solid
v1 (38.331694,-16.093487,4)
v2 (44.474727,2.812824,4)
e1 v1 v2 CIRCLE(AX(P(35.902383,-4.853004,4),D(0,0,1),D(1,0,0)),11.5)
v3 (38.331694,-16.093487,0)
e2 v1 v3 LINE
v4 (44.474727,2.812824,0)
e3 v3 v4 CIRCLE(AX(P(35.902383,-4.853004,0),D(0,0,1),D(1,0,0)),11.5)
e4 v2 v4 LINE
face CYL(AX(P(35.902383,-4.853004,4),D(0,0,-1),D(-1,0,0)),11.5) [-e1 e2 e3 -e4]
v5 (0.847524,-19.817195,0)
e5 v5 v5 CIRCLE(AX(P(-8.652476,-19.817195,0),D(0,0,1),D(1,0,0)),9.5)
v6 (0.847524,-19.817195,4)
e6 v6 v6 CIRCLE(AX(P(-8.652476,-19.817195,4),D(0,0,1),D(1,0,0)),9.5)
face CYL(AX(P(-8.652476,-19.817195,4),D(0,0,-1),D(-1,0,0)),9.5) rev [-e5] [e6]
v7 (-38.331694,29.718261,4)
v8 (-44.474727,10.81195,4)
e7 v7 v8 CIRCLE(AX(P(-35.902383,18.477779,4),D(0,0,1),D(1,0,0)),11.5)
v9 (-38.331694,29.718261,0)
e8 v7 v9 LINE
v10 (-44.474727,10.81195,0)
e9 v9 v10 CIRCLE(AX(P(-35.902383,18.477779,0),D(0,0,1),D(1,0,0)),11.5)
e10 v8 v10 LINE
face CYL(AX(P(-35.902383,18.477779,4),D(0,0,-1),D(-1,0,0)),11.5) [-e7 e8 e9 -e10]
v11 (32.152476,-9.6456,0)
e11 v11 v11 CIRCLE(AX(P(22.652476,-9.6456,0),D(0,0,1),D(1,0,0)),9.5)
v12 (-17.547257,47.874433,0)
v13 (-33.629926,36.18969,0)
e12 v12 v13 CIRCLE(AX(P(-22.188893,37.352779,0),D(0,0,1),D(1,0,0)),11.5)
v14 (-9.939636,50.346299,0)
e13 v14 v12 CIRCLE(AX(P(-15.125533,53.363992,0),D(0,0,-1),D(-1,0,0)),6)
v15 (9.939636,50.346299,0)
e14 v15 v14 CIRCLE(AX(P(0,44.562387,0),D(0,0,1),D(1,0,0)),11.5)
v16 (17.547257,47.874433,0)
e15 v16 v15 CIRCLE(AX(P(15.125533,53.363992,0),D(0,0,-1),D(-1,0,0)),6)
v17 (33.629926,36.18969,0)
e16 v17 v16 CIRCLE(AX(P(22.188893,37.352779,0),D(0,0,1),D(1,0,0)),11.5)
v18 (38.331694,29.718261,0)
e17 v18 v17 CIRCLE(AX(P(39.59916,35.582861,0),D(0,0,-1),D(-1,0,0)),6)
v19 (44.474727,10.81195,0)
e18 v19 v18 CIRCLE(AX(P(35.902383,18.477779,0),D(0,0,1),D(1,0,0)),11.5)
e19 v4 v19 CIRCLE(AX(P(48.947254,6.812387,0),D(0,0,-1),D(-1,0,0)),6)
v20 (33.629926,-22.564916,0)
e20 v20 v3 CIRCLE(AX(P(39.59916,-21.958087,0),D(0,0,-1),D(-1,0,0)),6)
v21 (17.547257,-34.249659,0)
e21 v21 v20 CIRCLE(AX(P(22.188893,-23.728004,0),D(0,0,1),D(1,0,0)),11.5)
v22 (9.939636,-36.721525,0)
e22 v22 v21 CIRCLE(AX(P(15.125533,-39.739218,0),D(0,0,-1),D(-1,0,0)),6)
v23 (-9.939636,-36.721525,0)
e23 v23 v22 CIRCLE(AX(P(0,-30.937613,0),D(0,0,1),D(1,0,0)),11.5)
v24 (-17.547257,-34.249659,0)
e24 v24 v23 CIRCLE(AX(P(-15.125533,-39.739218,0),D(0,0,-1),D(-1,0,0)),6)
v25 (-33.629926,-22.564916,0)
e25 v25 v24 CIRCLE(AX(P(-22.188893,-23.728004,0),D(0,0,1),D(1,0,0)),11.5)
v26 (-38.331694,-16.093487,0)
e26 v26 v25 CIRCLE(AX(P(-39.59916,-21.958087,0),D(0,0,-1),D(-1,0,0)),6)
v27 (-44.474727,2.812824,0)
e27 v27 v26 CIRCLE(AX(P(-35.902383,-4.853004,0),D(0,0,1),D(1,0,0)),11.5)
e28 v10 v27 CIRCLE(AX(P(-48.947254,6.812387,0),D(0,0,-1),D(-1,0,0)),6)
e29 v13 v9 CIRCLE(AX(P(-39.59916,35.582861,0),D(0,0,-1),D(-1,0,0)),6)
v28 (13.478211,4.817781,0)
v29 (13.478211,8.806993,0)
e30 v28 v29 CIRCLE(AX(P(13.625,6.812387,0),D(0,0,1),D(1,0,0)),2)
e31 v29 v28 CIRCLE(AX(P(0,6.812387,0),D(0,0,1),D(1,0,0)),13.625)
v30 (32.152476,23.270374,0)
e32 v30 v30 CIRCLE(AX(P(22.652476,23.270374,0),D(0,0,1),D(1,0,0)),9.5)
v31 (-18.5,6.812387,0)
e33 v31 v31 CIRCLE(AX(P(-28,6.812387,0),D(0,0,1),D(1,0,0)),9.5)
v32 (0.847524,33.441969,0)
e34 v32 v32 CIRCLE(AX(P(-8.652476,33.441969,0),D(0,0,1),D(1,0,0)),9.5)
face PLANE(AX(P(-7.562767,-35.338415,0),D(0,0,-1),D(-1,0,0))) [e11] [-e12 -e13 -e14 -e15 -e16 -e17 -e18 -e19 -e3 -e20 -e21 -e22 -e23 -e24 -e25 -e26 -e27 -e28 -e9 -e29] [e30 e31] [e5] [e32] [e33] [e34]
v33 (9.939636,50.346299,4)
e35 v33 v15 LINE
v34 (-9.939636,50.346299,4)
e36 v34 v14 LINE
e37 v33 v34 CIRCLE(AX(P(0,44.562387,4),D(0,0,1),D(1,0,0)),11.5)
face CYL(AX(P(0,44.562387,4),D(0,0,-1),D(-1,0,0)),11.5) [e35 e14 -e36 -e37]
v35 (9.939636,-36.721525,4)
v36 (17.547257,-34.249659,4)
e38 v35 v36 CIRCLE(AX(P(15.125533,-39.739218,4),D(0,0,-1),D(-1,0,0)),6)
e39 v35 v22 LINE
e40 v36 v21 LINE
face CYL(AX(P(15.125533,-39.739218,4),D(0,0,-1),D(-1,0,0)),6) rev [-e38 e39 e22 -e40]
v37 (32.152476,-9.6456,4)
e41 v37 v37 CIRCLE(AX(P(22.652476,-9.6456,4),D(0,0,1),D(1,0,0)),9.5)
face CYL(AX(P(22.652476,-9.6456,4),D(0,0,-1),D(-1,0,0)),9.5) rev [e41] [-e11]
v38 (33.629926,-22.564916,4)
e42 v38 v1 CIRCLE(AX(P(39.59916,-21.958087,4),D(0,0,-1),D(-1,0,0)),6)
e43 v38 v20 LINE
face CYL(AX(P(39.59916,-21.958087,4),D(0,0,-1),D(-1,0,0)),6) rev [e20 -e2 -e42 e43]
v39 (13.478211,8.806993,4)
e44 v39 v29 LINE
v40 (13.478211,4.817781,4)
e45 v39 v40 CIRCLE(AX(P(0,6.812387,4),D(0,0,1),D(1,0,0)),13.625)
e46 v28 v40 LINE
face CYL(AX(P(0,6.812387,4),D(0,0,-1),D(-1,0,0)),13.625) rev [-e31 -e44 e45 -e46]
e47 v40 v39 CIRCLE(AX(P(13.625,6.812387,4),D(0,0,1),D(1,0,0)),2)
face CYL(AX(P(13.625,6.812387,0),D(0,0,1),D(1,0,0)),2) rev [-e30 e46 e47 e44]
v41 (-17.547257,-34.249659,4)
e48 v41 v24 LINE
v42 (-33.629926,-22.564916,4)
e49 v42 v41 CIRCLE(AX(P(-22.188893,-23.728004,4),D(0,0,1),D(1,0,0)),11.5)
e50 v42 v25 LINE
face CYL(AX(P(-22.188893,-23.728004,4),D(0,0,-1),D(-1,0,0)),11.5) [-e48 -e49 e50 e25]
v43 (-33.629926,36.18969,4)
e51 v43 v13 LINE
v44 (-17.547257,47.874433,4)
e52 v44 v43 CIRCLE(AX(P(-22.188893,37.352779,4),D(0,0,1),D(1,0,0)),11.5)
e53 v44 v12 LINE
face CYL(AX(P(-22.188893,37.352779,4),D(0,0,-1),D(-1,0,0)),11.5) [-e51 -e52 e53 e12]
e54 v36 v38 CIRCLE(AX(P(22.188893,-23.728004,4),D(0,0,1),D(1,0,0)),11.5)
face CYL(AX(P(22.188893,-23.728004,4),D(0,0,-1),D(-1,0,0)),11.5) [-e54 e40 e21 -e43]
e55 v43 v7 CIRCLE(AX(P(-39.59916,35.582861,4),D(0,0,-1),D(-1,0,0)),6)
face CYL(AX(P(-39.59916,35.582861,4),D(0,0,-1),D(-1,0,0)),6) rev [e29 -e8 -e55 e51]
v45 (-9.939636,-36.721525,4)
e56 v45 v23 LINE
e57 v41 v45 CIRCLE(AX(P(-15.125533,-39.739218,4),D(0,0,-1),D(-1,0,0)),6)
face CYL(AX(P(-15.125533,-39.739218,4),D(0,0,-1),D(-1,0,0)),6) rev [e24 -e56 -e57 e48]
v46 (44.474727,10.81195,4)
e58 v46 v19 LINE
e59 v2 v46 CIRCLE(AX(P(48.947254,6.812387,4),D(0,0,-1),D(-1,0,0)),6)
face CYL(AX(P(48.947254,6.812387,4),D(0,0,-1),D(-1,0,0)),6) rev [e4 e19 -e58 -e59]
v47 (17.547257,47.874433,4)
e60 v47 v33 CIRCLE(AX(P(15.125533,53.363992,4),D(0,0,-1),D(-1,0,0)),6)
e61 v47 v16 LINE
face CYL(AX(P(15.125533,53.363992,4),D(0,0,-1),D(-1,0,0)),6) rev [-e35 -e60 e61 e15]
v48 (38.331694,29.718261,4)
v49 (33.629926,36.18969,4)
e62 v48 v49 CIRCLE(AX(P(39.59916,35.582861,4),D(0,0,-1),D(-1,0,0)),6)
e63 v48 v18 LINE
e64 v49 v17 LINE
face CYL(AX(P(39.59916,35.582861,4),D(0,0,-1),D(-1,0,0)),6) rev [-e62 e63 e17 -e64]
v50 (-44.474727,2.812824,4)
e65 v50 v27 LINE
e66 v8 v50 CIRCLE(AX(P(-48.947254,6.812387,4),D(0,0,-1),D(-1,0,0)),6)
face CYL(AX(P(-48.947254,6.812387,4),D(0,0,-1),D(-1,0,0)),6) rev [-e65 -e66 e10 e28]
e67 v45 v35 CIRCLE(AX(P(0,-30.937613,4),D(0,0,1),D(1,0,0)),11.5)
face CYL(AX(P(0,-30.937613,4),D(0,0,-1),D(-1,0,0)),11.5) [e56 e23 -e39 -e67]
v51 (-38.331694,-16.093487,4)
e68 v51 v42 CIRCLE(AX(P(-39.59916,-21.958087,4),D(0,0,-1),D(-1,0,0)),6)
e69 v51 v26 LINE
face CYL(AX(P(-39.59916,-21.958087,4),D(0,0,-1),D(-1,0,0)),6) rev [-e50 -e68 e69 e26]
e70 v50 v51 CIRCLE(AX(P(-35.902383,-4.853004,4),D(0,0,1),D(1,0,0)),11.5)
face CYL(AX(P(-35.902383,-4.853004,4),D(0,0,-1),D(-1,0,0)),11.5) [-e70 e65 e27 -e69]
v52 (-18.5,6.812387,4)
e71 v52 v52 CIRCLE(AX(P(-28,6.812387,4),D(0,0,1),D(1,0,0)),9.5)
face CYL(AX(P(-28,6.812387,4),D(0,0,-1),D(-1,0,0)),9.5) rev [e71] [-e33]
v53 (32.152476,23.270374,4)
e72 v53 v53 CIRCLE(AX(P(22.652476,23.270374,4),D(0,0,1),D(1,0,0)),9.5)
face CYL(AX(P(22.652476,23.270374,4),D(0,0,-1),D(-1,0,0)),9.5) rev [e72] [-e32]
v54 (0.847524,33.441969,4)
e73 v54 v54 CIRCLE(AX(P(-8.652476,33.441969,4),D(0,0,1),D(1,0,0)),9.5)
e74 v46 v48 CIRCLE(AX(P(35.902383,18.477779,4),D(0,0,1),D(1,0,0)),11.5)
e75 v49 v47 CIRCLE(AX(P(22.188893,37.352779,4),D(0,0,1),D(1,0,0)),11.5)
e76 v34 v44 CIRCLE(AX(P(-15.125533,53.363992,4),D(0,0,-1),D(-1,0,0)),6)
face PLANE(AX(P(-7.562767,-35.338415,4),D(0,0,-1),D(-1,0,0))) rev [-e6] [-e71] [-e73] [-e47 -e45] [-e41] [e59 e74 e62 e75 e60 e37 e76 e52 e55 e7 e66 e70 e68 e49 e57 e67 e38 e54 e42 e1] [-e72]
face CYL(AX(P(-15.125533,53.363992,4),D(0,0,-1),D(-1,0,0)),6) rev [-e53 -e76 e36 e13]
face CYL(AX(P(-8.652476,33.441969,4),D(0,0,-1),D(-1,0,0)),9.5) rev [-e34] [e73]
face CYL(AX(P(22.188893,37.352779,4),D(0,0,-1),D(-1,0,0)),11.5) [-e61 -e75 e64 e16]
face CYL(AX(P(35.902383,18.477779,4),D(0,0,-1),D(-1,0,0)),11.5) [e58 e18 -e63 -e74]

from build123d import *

# Parameters (mm, degrees)
SKETCH_1_R          = 13.625
SKETCH_1_R_2        = 9.5
EXTRUDE_1_DEPTH     = 4
SKETCH_2_R          = 2
CUT_EXTRUDE_1_DEPTH = 4


with BuildPart() as part:
    # 草图1 → 凸台-拉伸1 (new body)
    with BuildSketch(Plane.XY):
        with BuildLine():
            ThreePointArc((-9.939636128, -36.721524578), (0, -42.437612957), (9.939636128, -36.721524578))
            ThreePointArc((9.939636128, -36.721524578), (13.271431273, -34.0328785), (17.547256679, -34.24965882))
            ThreePointArc((17.547256679, -34.24965882), (28.948423675, -33.03169993), (33.629925771, -22.564915761))
            ThreePointArc((33.629925771, -22.564915761), (34.745058151, -18.431375342), (38.331693845, -16.093487189))
            ThreePointArc((38.331693845, -16.093487189), (46.839533428, -8.40669993), (44.474726808, 2.81282423))
            ThreePointArc((44.474726808, 2.81282423), (42.947253757, 6.812387043), (44.474726808, 10.811949856))
            ThreePointArc((44.474726808, 10.811949856), (46.839533428, 22.031474016), (38.331693845, 29.718261275))
            ThreePointArc((38.331693845, 29.718261275), (34.745058151, 32.056149427), (33.629925771, 36.189689846))
            ThreePointArc((33.629925771, 36.189689846), (28.948423675, 46.656474016), (17.547256679, 47.874432905))
            ThreePointArc((17.547256679, 47.874432905), (13.271431273, 47.657652585), (9.939636128, 50.346298663))
            ThreePointArc((9.939636128, 50.346298663), (0, 56.062387043), (-9.939636128, 50.346298663))
            ThreePointArc((-9.939636128, 50.346298663), (-13.271431273, 47.657652585), (-17.547256679, 47.874432905))
            ThreePointArc((-17.547256679, 47.874432905), (-28.948423675, 46.656474016), (-33.629925771, 36.189689846))
            ThreePointArc((-33.629925771, 36.189689846), (-34.745058151, 32.056149427), (-38.331693845, 29.718261275))
            ThreePointArc((-38.331693845, 29.718261275), (-46.839533428, 22.031474016), (-44.474726808, 10.811949856))
            ThreePointArc((-44.474726808, 10.811949856), (-42.947253757, 6.812387043), (-44.474726808, 2.81282423))
            ThreePointArc((-44.474726808, 2.81282423), (-46.839533428, -8.40669993), (-38.331693845, -16.093487189))
            ThreePointArc((-38.331693845, -16.093487189), (-34.745058151, -18.431375342), (-33.629925771, -22.564915761))
            ThreePointArc((-33.629925771, -22.564915761), (-28.948423675, -33.03169993), (-17.547256679, -34.24965882))
            ThreePointArc((-17.547256679, -34.24965882), (-13.271431273, -34.0328785), (-9.939636128, -36.721524578))
        make_face()
        with Locations((0, 6.812387043)):
            Circle(SKETCH_1_R, mode=Mode.SUBTRACT)
        with Locations((-8.652475842, -19.817195414)):
            Circle(SKETCH_1_R_2, mode=Mode.SUBTRACT)
        with Locations((-28, 6.812387043)):
            Circle(SKETCH_1_R_2, mode=Mode.SUBTRACT)
        with Locations((-8.652475842, 33.441969499)):
            Circle(SKETCH_1_R_2, mode=Mode.SUBTRACT)
        with Locations((22.652475842, 23.270374107)):
            Circle(SKETCH_1_R_2, mode=Mode.SUBTRACT)
        with Locations((22.652475842, -9.645600022)):
            Circle(SKETCH_1_R_2, mode=Mode.SUBTRACT)
    extrude(amount=EXTRUDE_1_DEPTH)

    # 草图2 → 切除-拉伸1 (cut)
    with BuildSketch(Plane.XY.offset(4)):
        with Locations((13.625, 6.812387043)):
            Circle(SKETCH_2_R)
    extrude(amount=-CUT_EXTRUDE_1_DEPTH, mode=Mode.SUBTRACT)


solid = part.part
